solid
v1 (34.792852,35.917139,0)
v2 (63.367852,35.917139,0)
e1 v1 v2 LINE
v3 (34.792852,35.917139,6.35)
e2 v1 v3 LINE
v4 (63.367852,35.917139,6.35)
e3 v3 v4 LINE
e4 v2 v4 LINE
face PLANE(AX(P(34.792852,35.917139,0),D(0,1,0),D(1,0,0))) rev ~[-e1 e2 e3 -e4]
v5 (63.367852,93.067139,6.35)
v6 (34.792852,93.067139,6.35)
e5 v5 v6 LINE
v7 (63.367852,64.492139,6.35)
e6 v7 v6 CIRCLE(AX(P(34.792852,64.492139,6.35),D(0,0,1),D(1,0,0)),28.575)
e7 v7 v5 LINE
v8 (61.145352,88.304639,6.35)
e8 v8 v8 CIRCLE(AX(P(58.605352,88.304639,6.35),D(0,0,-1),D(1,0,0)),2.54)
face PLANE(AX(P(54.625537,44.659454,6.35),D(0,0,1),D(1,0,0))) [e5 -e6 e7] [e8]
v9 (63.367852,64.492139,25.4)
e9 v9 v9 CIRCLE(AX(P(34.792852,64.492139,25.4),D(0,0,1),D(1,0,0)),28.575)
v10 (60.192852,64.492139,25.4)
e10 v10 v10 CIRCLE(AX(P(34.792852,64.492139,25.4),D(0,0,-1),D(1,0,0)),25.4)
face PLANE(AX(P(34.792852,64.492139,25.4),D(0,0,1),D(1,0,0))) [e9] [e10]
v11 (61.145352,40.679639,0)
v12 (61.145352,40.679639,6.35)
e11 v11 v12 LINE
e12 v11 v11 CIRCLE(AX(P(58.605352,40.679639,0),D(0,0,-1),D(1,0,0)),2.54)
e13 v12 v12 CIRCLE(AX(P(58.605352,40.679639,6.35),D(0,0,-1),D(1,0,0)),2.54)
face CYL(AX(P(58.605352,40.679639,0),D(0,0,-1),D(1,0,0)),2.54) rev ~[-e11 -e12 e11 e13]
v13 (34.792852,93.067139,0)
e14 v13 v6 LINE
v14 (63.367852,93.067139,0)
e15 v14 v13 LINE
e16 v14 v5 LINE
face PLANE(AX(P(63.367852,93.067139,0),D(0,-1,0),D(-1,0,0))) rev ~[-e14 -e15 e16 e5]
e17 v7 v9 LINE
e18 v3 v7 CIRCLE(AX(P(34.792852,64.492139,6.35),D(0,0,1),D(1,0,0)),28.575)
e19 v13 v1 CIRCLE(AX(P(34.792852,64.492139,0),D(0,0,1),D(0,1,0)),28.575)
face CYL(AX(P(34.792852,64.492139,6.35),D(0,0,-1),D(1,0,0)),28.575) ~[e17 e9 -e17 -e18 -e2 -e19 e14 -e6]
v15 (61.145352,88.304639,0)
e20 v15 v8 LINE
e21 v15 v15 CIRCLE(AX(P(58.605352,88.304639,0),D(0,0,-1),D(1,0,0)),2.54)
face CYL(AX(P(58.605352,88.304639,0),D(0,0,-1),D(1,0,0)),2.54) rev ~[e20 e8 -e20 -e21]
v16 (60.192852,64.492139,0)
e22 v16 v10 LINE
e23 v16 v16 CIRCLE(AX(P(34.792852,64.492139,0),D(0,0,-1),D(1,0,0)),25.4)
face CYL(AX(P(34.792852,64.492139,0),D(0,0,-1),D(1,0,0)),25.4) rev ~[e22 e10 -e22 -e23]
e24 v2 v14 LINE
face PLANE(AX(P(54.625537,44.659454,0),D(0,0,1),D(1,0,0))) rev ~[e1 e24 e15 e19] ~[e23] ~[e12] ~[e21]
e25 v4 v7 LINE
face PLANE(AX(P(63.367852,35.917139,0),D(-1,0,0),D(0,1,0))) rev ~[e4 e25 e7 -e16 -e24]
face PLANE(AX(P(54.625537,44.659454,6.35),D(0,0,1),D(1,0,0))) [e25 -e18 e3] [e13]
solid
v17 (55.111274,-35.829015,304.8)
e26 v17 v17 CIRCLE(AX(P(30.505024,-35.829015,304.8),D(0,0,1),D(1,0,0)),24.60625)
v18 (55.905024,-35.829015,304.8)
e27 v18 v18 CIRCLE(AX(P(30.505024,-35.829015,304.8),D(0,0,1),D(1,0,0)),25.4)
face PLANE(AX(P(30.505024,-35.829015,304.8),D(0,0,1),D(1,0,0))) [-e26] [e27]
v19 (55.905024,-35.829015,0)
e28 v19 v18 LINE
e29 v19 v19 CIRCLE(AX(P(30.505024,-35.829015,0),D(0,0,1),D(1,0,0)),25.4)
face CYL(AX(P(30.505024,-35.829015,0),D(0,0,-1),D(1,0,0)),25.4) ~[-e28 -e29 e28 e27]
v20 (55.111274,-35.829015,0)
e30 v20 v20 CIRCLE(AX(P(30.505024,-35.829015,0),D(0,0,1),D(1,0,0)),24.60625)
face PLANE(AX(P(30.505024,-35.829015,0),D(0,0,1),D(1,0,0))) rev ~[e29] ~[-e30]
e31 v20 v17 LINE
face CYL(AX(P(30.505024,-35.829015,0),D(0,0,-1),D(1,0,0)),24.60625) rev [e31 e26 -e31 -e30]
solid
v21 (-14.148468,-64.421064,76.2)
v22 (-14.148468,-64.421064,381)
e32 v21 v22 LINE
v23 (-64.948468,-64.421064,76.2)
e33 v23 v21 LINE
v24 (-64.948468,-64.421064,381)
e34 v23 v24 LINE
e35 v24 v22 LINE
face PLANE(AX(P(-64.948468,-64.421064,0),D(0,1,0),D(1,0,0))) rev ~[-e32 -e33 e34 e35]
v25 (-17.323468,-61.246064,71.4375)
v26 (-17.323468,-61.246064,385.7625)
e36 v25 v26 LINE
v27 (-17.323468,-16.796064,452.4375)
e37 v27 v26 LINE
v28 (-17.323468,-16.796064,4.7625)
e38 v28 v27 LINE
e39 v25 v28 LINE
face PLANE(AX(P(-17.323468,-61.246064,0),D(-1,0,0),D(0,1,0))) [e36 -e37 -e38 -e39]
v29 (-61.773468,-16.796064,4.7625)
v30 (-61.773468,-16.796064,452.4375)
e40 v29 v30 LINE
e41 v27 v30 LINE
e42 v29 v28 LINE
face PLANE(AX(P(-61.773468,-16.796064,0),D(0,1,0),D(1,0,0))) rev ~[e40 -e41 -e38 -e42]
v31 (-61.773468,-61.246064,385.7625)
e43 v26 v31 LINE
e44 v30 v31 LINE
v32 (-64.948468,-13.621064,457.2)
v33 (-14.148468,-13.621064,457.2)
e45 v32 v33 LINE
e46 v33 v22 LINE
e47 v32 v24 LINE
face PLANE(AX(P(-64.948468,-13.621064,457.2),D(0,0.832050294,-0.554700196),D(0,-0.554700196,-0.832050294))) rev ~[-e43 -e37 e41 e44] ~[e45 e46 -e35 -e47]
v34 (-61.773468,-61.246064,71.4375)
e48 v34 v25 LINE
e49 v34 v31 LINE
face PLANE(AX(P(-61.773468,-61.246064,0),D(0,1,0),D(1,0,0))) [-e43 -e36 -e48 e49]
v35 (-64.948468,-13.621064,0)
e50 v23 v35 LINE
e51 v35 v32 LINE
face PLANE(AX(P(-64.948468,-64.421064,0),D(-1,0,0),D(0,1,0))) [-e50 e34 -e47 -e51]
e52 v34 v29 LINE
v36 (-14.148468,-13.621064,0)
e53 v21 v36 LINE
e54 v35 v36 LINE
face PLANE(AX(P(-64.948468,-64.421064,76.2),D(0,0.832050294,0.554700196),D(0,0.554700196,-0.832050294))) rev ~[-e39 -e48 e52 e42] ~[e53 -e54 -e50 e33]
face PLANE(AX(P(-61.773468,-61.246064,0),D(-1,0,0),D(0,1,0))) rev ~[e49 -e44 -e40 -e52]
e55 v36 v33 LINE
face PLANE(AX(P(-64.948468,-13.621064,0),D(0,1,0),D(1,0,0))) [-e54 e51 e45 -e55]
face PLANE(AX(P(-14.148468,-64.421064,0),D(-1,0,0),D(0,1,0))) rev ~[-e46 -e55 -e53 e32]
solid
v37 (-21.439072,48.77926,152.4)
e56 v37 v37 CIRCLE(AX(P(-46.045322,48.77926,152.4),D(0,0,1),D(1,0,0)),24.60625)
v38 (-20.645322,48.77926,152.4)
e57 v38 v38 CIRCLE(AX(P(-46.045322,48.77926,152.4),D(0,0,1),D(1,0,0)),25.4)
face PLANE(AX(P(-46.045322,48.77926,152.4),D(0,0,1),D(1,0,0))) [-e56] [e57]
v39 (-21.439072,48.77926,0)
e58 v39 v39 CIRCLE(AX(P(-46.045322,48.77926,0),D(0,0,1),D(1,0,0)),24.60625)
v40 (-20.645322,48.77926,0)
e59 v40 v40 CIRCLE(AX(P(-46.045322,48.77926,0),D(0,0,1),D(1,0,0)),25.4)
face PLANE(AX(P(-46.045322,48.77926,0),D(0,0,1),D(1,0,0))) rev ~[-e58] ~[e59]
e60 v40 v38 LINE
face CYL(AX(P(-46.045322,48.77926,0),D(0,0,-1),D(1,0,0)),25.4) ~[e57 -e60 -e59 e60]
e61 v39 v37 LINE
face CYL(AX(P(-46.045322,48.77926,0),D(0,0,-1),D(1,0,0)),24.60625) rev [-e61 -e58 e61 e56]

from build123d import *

# Parameters (mm, degrees)
F0_R       = 25.4
F0_R_2     = 24.60625
F1_DEPTH   = 152.4
F2_R       = 25.4
F2_R_2     = 24.60625
F3_DEPTH   = 304.8
F5_DEPTH   = 6.35
F7_DEPTH   = 19.05
F8_R       = 25.4
F8_R_2     = 2.54
F9_DEPTH   = 304.801
F10_R      = 26.9875
F11_DEPTH  = 6.35
F12_R      = 24.60625
F13_DEPTH  = 19.05
F14_R      = 2.159
F14_R_2    = 12.7
F13_FACE_R = 24.60625
F15_DEPTH  = 304.801
F16_R      = 2.159
F17_DEPTH  = 19.05
F18_R      = 12.7
F19_DEPTH  = 19.05
F20_R      = 25.4
F20_R_2    = 2.159
F20_R_3    = 12.7
F21_DEPTH  = 3.175
F23_W      = 50.8
F23_H      = 50.8
F23_W_2    = 44.45
F23_H_2    = 44.45
F24_DEPTH  = 457.2
F26_DEPTH  = 128.3173194947


with BuildPart() as f1:
    # F0 (on Top) → F1 (new body)
    with BuildSketch(Plane.XY):
        with Locations((-46.0453219712, 48.7792603672)):
            Circle(F0_R)
        with Locations((-46.0453219712, 48.7792603672)):
            Circle(F0_R_2, mode=Mode.SUBTRACT)
    extrude(amount=F1_DEPTH)


with BuildPart() as f3:
    # F2 (on Top) → F3 (new body)
    with BuildSketch(Plane.XY):
        with Locations((30.5050238967, -35.8290150762)):
            Circle(F2_R)
        with Locations((30.5050238967, -35.8290150762)):
            Circle(F2_R_2, mode=Mode.SUBTRACT)
    extrude(amount=F3_DEPTH)


with BuildPart() as f5:
    # F4 (on Top) → F5 (new body)
    with BuildSketch(Plane.XY):
        with BuildLine():
            Line((63.3678516858, 35.9171391623), (63.3678516858, 64.4921391623))
            ThreePointArc((63.3678516858, 64.4921391623), (54.9984279582, 44.2865628899), (34.7928516858, 35.9171391623))
            Line((34.7928516858, 35.9171391623), (63.3678516858, 35.9171391623))
        make_face()
        with BuildLine():
            ThreePointArc((34.7928516858, 35.9171391623), (54.9984279582, 44.2865628899), (63.3678516858, 64.4921391623))
            ThreePointArc((63.3678516858, 64.4921391623), (54.9984279582, 84.6977154347), (34.7928516858, 93.0671391623))
            Line((34.7928516858, 93.0671391623), (34.7928516858, 35.9171391623))
        make_face()
        with BuildLine():
            ThreePointArc((34.7928516858, 93.0671391623), (54.9984279582, 84.6977154347), (63.3678516858, 64.4921391623))
            Line((63.3678516858, 64.4921391623), (63.3678516858, 93.0671391623))
            Line((63.3678516858, 93.0671391623), (34.7928516858, 93.0671391623))
        make_face()
        with BuildLine():
            Line((34.7928516858, 35.9171391623), (34.7928516858, 93.0671391623))
            ThreePointArc((34.7928516858, 93.0671391623), (6.2178516858, 64.4921391623), (34.7928516858, 35.9171391623))
        make_face()
    extrude(amount=F5_DEPTH)

    # F6 (on face) → F7 (join)
    with BuildSketch(Plane.XY.offset(6.35)):
        with BuildLine():
            ThreePointArc((34.7928516858, 35.9171391623), (54.9984279582, 44.2865628899), (63.3678516858, 64.4921391623))
            ThreePointArc((63.3678516858, 64.4921391623), (54.9984279582, 84.6977154347), (34.7928516858, 93.0671391623))
            ThreePointArc((34.7928516858, 93.0671391623), (6.2178516858, 64.4921391623), (34.7928516858, 35.9171391623))
        make_face()
    extrude(amount=F7_DEPTH)

    # F8 (on face) → F9 (cut, through all)
    with BuildSketch(Plane(origin=(0, 0, 0), x_dir=(1, 0, 0), z_dir=(0, 0, -1))):
        with Locations((34.7928516858, -64.4921391623)):
            Circle(F8_R)
        with Locations((58.6053516858, -88.3046391623)):
            Circle(F8_R_2)
        with Locations((58.6053516858, -40.6796391623)):
            Circle(F8_R_2)
    extrude(amount=-F9_DEPTH, mode=Mode.SUBTRACT)


with BuildPart() as f11:
    # F10 (on Top) → F11 (new body)
    with BuildSketch(Plane.XY):
        with Locations((-46.9862222672, -21.7718593776)):
            Circle(F10_R)
    extrude(amount=F11_DEPTH)

    # F12 (on face) → F13 (join)
    with BuildSketch(Plane.XY.offset(6.35)):
        with Locations((-46.9862222672, -21.7718593776)):
            Circle(F12_R)
    extrude(amount=F13_DEPTH)

    # F14 (on face) + F13_face (on face) → F15 (cut, through all)
    with BuildSketch(Plane(origin=(0, 0, 0), x_dir=(1, 0, 0), z_dir=(0, 0, -1))):
        with Locations((-46.9862222672, 43.3618593776)):
            Circle(F14_R)
        with Locations((-25.3962222672, 21.7718593776)):
            Circle(F14_R)
        with Locations((-46.9862222672, 0.1818593776)):
            Circle(F14_R)
        with Locations((-68.5762222672, 21.7718593776)):
            Circle(F14_R)
        with Locations((-46.9862222672, 21.7718593776)):
            Circle(F14_R_2)
    with BuildSketch(Plane(origin=(-46.9862222672, -21.7718593776, 25.4), x_dir=(1, 0, 0), z_dir=(0, 0, 1))):
        Circle(F13_FACE_R)
    extrude(amount=-F15_DEPTH, dir=(0, 0, -1), mode=Mode.SUBTRACT)

    # F16 (on face) → F17 (cut)
    with BuildSketch(Plane.XY.offset(25.4)):
        with BuildLine():
            Line((-52.4140715319, 2.2282654433), (-51.6314077164, -1.2324108482))
            ThreePointArc((-51.6314077164, -1.2324108482), (-46.9862222672, -4.9443593776), (-42.3410368179, -1.2324108482))
            Line((-42.3410368179, -1.2324108482), (-41.5583730024, 2.2282654433))
            ThreePointArc((-41.5583730024, 2.2282654433), (-46.9862222672, 2.8343906224), (-52.4140715319, 2.2282654433))
        make_face()
        with Locations((-46.9862222672, -0.1818593776)):
            Circle(F16_R, mode=Mode.SUBTRACT)
        with BuildLine():
            ThreePointArc((-22.3799722672, -21.7718593776), (-22.5319730409, -19.0410657488), (-22.9860974462, -16.3440101129))
            Line((-22.9860974462, -16.3440101129), (-26.4467737377, -17.1266739284))
            ThreePointArc((-26.4467737377, -17.1266739284), (-30.1587222672, -21.7718593776), (-26.4467737377, -26.4170448268))
            Line((-26.4467737377, -26.4170448268), (-22.9860974462, -27.1997086423))
            ThreePointArc((-22.9860974462, -27.1997086423), (-22.5319730409, -24.5026530065), (-22.3799722672, -21.7718593776))
        make_face()
        with Locations((-25.3962222672, -21.7718593776)):
            Circle(F16_R, mode=Mode.SUBTRACT)
        with BuildLine():
            Line((-51.6314077164, -42.311307907), (-52.4140715319, -45.7719841986))
            ThreePointArc((-52.4140715319, -45.7719841986), (-46.9862222672, -46.3781093776), (-41.5583730024, -45.7719841986))
            Line((-41.5583730024, -45.7719841986), (-42.3410368179, -42.311307907))
            ThreePointArc((-42.3410368179, -42.311307907), (-46.9862222672, -38.5993593776), (-51.6314077164, -42.311307907))
        make_face()
        with Locations((-46.9862222672, -43.3618593776)):
            Circle(F16_R, mode=Mode.SUBTRACT)
        with BuildLine():
            Line((-67.5256707966, -17.1266739284), (-70.9863470881, -16.3440101129))
            ThreePointArc((-70.9863470881, -16.3440101129), (-71.5924722672, -21.7718593776), (-70.9863470881, -27.1997086423))
            Line((-70.9863470881, -27.1997086423), (-67.5256707966, -26.4170448268))
            ThreePointArc((-67.5256707966, -26.4170448268), (-63.8137222672, -21.7718593776), (-67.5256707966, -17.1266739284))
        make_face()
        with Locations((-68.5762222672, -21.7718593776)):
            Circle(F16_R, mode=Mode.SUBTRACT)
    extrude(amount=-F17_DEPTH, mode=Mode.SUBTRACT)

    # F18 (on face) → F19 (cut)
    with BuildSketch(Plane.XY.offset(25.4)):
        with BuildLine():
            ThreePointArc((-39.7226986142, -0.9353382379), (-46.9862222672, -7.4843593776), (-54.2497459201, -0.9353382379))
            ThreePointArc((-54.2497459201, -0.9353382379), (-62.5894172775, -6.1686643673), (-67.8227434069, -14.5083357247))
            ThreePointArc((-67.8227434069, -14.5083357247), (-61.2737222672, -21.7718593776), (-67.8227434069, -29.0353830306))
            ThreePointArc((-67.8227434069, -29.0353830306), (-62.5894172775, -37.375054388), (-54.2497459201, -42.6083805173))
            ThreePointArc((-54.2497459201, -42.6083805173), (-46.9862222672, -36.0593593776), (-39.7226986142, -42.6083805173))
            ThreePointArc((-39.7226986142, -42.6083805173), (-31.3830272568, -37.375054388), (-26.1497011274, -29.0353830306))
            ThreePointArc((-26.1497011274, -29.0353830306), (-32.6987222672, -21.7718593776), (-26.1497011274, -14.5083357247))
            ThreePointArc((-26.1497011274, -14.5083357247), (-31.3830272568, -6.1686643673), (-39.7226986142, -0.9353382379))
        make_face()
        with Locations((-46.9862222672, -21.7718593776)):
            Circle(F18_R, mode=Mode.SUBTRACT)
    extrude(amount=-F19_DEPTH, mode=Mode.SUBTRACT)

    # F20 (on face) → F21 (cut)
    with BuildSketch(Plane(origin=(0, 0, 0), x_dir=(1, 0, 0), z_dir=(0, 0, -1))):
        with Locations((-46.9862222672, 21.7718593776)):
            Circle(F20_R)
        with Locations((-46.9862222672, 0.1818593776)):
            Circle(F20_R_2, mode=Mode.SUBTRACT)
        with Locations((-68.5762222672, 21.7718593776)):
            Circle(F20_R_2, mode=Mode.SUBTRACT)
        with Locations((-46.9862222672, 43.3618593776)):
            Circle(F20_R_2, mode=Mode.SUBTRACT)
        with Locations((-46.9862222672, 21.7718593776)):
            Circle(F20_R_3, mode=Mode.SUBTRACT)
        with Locations((-25.3962222672, 21.7718593776)):
            Circle(F20_R_2, mode=Mode.SUBTRACT)
    extrude(amount=-F21_DEPTH, mode=Mode.SUBTRACT)


with BuildPart() as f24:
    # F23 (on Top) → F24 (new body)
    with BuildSketch(Plane.XY):
        with Locations((-39.548467809, -39.0210635602)):
            Rectangle(F23_W, F23_H)
        with Locations((-39.548467809, -39.0210635602)):
            Rectangle(F23_W_2, F23_H_2, mode=Mode.SUBTRACT)
    extrude(amount=F24_DEPTH)

    # F25 (on face) → F26 (cut, through all)
    with BuildSketch(Plane(origin=(-64.948467809, 0, 0), x_dir=(0, -1, 0), z_dir=(-1, 0, 0))):
        Polygon((64.4210635602, 381), (64.4210635602, 457.2), (13.6210635602, 457.2), align=None)
        Polygon((64.4210635602, 0), (64.4210635602, 76.2), (13.6210635602, 0), align=None)
    extrude(amount=-F26_DEPTH, mode=Mode.SUBTRACT)


solid = Compound([f1.part, f3.part, f5.part, f24.part])
